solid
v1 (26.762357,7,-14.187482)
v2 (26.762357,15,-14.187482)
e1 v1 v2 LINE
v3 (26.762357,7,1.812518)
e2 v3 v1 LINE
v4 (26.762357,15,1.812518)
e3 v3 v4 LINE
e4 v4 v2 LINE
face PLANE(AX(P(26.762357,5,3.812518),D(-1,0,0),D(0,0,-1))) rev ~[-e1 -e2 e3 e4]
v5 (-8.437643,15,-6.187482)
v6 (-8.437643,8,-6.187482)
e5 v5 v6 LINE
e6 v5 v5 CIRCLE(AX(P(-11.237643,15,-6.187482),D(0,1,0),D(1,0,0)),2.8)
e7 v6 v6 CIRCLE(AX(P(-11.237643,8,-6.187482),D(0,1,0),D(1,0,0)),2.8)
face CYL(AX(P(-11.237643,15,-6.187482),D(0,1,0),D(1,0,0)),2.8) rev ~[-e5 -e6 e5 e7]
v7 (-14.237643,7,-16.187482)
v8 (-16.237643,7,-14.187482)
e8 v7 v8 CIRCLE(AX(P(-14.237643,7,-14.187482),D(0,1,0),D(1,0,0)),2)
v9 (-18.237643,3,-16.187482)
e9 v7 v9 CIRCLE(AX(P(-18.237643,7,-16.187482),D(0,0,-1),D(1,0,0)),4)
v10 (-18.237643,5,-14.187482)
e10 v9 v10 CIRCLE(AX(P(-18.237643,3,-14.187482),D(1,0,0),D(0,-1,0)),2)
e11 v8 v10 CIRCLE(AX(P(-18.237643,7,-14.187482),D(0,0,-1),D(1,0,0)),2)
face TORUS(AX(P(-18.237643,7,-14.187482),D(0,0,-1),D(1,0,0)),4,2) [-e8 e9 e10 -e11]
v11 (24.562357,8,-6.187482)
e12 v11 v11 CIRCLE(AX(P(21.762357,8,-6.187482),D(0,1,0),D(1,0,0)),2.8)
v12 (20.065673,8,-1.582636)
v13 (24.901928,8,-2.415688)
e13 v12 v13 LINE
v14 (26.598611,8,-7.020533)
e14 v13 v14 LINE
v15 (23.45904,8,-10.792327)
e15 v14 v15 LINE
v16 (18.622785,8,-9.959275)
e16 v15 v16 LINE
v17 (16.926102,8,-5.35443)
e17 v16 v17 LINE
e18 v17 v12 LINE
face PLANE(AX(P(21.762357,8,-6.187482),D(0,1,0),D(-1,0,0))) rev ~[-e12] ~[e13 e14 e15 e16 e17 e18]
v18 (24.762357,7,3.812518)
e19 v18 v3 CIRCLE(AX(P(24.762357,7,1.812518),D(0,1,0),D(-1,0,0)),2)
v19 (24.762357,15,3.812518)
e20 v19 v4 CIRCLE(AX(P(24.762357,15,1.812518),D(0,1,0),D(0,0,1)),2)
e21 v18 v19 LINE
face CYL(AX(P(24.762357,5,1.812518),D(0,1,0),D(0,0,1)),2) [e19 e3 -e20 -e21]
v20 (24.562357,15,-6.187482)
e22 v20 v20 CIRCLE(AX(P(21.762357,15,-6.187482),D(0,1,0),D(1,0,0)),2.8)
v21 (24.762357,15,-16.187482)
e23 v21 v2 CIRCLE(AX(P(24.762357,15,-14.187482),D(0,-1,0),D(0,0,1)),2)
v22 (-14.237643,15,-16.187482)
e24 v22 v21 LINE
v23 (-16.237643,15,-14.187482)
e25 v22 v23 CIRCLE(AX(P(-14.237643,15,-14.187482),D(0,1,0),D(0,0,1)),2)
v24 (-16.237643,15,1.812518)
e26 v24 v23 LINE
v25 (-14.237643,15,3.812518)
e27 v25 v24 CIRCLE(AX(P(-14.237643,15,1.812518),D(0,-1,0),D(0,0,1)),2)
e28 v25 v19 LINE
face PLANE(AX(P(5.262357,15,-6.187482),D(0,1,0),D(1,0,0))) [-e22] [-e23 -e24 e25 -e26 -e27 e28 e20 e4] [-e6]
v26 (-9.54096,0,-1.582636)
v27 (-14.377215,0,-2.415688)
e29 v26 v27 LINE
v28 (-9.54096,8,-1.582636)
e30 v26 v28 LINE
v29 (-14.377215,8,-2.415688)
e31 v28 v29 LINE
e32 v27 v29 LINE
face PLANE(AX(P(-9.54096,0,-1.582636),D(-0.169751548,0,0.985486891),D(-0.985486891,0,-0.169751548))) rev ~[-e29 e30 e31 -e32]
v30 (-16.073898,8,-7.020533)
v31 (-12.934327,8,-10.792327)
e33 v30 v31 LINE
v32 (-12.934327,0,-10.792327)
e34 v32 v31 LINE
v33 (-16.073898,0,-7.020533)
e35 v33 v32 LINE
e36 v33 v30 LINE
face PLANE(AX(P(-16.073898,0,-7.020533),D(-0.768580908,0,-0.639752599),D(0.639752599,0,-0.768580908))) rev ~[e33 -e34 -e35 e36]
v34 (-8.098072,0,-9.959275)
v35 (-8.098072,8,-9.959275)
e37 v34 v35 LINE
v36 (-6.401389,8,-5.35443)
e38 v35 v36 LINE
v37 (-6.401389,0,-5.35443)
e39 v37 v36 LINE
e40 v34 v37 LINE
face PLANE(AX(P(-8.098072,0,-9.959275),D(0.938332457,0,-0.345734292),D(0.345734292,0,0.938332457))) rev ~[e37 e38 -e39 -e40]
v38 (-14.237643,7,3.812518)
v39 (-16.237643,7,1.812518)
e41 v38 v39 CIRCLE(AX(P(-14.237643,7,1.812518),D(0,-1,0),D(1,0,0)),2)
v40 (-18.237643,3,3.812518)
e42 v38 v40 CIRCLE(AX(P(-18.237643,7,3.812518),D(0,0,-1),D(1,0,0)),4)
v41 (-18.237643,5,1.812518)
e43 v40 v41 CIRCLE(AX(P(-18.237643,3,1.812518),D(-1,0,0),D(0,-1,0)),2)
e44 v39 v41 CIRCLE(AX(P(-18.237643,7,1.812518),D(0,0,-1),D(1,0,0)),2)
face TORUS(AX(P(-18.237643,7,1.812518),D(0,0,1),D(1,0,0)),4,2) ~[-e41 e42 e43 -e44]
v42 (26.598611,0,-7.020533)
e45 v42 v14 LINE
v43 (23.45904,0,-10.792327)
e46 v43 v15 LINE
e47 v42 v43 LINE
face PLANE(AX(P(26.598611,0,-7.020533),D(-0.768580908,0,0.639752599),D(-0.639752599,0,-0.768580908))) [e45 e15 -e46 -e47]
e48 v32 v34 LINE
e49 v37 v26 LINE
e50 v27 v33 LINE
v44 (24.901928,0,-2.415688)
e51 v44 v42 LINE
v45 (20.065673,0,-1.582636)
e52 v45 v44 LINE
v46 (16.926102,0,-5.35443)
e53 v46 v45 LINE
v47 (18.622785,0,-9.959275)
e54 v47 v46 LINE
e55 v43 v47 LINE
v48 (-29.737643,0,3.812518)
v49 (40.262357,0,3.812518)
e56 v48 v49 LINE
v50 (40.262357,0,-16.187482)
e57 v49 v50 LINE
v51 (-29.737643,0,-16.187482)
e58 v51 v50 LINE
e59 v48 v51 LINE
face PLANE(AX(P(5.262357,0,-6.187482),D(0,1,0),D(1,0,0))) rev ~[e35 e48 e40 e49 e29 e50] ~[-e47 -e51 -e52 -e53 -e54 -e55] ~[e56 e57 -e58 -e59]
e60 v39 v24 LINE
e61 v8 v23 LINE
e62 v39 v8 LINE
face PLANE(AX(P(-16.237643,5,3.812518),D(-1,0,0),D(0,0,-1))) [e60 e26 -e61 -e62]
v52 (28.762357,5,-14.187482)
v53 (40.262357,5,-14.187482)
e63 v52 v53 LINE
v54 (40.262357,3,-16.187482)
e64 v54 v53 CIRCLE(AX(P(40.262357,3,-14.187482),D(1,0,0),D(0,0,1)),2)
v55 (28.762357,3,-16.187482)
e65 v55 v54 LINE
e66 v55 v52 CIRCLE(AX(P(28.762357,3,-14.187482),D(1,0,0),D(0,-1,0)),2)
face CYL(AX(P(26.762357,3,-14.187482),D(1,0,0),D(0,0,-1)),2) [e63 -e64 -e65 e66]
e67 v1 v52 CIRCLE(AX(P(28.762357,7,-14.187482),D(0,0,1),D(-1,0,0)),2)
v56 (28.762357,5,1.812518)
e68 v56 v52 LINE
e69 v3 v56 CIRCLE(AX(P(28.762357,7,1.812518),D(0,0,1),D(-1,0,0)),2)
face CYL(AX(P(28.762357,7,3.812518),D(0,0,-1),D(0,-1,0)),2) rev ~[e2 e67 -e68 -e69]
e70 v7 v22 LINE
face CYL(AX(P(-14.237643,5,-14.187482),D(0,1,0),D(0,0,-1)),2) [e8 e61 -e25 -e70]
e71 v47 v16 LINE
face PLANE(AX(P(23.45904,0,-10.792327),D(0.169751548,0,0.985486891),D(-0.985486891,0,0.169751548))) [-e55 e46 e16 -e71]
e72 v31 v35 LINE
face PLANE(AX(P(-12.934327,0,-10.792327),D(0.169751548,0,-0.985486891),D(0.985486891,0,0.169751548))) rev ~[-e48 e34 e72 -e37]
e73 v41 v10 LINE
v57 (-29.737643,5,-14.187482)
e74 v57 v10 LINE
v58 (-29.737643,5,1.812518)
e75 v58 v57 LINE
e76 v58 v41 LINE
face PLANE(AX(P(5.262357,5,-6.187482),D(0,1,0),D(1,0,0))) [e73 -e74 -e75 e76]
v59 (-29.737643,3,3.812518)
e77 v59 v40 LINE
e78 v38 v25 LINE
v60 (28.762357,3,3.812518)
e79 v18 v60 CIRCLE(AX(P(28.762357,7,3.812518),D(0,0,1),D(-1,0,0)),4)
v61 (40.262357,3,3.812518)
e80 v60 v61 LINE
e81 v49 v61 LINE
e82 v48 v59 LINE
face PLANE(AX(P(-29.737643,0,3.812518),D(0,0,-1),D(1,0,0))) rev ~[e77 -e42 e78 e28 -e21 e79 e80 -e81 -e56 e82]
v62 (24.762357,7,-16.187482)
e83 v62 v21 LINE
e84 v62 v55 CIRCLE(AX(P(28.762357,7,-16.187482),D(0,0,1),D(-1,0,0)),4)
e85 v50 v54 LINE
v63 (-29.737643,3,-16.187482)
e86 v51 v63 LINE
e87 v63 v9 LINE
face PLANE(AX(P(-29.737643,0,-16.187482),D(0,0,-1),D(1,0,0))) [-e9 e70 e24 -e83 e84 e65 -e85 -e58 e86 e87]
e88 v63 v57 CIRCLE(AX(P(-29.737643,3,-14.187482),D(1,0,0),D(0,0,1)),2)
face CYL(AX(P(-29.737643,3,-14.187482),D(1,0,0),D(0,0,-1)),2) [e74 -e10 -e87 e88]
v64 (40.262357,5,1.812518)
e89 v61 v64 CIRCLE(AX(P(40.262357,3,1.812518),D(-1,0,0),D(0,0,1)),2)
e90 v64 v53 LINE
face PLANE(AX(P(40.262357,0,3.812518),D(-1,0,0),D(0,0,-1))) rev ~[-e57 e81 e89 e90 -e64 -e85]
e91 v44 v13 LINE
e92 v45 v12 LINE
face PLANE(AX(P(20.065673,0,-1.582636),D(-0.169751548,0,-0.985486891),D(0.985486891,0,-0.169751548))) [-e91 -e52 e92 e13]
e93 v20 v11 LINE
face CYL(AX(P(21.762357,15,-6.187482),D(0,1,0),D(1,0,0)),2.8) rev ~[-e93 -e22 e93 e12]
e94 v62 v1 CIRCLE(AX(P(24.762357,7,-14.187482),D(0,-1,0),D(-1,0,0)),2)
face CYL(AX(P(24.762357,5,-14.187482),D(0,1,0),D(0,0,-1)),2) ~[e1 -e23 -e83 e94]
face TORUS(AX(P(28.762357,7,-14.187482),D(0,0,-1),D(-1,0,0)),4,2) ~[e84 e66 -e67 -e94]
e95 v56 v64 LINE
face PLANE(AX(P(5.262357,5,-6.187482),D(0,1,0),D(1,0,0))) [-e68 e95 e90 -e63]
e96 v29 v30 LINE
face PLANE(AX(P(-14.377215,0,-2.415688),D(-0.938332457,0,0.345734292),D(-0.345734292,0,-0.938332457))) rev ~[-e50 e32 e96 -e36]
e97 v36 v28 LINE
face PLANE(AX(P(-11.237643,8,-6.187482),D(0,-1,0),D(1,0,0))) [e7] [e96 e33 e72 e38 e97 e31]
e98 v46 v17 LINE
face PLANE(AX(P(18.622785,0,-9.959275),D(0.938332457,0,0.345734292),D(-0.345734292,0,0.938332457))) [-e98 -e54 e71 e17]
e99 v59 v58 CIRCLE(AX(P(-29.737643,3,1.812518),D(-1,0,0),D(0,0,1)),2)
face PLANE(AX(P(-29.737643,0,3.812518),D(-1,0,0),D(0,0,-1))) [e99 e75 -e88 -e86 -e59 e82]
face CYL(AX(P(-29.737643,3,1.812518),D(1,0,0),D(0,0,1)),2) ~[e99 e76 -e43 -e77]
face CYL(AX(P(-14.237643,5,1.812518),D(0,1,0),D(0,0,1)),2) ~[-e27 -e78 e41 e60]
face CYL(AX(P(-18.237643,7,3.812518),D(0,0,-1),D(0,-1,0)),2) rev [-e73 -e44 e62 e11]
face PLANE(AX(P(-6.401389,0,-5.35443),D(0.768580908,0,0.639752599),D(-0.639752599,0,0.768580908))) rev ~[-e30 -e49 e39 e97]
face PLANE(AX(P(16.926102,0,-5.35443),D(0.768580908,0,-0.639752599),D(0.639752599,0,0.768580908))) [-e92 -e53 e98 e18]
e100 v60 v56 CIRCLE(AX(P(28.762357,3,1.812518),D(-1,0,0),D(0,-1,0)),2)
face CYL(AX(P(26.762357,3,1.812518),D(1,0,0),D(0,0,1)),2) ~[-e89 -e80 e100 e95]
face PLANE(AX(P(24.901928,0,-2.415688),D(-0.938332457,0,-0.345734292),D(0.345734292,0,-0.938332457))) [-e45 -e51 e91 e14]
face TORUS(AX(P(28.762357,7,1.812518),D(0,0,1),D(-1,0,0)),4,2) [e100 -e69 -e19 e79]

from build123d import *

# Parameters (mm, degrees)
SKETCH1_W           = 70
SKETCH1_H           = 20
BOSS_EXTRUDE1_DEPTH = 5
SKETCH2_W           = 43
SKETCH2_H           = 20
BOSS_EXTRUDE2_DEPTH = 10
FILLET1_R           = 2
SKETCH3_R           = 2.8
CUT_EXTRUDE1_DEPTH  = 16
CUT_EXTRUDE2_DEPTH  = 8


with BuildPart() as part:
    # Sketch1 → Boss-Extrude1 (new body)
    with BuildSketch(Plane(origin=(0, 0, 0), x_dir=(1, 0, 0), z_dir=(0, 1, 0))):
        with Locations((5.262356584, 6.187481613)):
            Rectangle(SKETCH1_W, SKETCH1_H)
    extrude(amount=BOSS_EXTRUDE1_DEPTH)

    # Sketch2 → Boss-Extrude2 (add)
    with BuildSketch(Plane(origin=(0, 5, 0), x_dir=(1, 0, 0), z_dir=(0, 1, 0))):
        with Locations((5.262356584, 6.187481613)):
            Rectangle(SKETCH2_W, SKETCH2_H)
    extrude(amount=BOSS_EXTRUDE2_DEPTH)

    # Fillet1
    fillet1_edges = [part.edges().sort_by_distance(p)[0] for p in [
        (-22.987643416, 5, 3.812518387),
        (-22.987643416, 5, -16.187481613),
        (33.512356584, 5, 3.812518387),
        (26.762356584, 5, -6.187481613),
        (26.762356584, 10, 3.812518387),
        (26.762356584, 10, -16.187481613),
        (-16.237643416, 5, -6.187481613),
        (-16.237643416, 10, -16.187481613),
        (-16.237643416, 10, 3.812518387),
        (33.512356584, 5, -16.187481613),
    ]]
    fillet(fillet1_edges, radius=FILLET1_R)

    # Sketch3 → Cut-Extrude1 (cut, through all)
    with BuildSketch(Plane(origin=(0, 15, 0), x_dir=(1, 0, 0), z_dir=(0, 1, 0))):
        with Locations((21.762356584, 6.187481613)):
            Circle(SKETCH3_R)
        with Locations((-11.237643416, 6.187481613)):
            Circle(SKETCH3_R)
    extrude(amount=-CUT_EXTRUDE1_DEPTH, mode=Mode.SUBTRACT)

    # Sketch4 → Cut-Extrude2 (cut)
    with BuildSketch(Plane.XZ):
        Polygon((-8.098072068, -9.959274965), (-6.401388882, -5.354429745), (-9.54096023, -1.582636394), (-14.377214764, -2.415688262), (-16.07389795, -7.020533482), (-12.934326602, -10.792326833), align=None)
        Polygon((23.45903977, -10.792326833), (18.622785236, -9.959274965), (16.92610205, -5.354429745), (20.065673398, -1.582636394), (24.901927932, -2.415688262), (26.598611118, -7.020533482), align=None)
    extrude(amount=-CUT_EXTRUDE2_DEPTH, mode=Mode.SUBTRACT)


solid = part.part
